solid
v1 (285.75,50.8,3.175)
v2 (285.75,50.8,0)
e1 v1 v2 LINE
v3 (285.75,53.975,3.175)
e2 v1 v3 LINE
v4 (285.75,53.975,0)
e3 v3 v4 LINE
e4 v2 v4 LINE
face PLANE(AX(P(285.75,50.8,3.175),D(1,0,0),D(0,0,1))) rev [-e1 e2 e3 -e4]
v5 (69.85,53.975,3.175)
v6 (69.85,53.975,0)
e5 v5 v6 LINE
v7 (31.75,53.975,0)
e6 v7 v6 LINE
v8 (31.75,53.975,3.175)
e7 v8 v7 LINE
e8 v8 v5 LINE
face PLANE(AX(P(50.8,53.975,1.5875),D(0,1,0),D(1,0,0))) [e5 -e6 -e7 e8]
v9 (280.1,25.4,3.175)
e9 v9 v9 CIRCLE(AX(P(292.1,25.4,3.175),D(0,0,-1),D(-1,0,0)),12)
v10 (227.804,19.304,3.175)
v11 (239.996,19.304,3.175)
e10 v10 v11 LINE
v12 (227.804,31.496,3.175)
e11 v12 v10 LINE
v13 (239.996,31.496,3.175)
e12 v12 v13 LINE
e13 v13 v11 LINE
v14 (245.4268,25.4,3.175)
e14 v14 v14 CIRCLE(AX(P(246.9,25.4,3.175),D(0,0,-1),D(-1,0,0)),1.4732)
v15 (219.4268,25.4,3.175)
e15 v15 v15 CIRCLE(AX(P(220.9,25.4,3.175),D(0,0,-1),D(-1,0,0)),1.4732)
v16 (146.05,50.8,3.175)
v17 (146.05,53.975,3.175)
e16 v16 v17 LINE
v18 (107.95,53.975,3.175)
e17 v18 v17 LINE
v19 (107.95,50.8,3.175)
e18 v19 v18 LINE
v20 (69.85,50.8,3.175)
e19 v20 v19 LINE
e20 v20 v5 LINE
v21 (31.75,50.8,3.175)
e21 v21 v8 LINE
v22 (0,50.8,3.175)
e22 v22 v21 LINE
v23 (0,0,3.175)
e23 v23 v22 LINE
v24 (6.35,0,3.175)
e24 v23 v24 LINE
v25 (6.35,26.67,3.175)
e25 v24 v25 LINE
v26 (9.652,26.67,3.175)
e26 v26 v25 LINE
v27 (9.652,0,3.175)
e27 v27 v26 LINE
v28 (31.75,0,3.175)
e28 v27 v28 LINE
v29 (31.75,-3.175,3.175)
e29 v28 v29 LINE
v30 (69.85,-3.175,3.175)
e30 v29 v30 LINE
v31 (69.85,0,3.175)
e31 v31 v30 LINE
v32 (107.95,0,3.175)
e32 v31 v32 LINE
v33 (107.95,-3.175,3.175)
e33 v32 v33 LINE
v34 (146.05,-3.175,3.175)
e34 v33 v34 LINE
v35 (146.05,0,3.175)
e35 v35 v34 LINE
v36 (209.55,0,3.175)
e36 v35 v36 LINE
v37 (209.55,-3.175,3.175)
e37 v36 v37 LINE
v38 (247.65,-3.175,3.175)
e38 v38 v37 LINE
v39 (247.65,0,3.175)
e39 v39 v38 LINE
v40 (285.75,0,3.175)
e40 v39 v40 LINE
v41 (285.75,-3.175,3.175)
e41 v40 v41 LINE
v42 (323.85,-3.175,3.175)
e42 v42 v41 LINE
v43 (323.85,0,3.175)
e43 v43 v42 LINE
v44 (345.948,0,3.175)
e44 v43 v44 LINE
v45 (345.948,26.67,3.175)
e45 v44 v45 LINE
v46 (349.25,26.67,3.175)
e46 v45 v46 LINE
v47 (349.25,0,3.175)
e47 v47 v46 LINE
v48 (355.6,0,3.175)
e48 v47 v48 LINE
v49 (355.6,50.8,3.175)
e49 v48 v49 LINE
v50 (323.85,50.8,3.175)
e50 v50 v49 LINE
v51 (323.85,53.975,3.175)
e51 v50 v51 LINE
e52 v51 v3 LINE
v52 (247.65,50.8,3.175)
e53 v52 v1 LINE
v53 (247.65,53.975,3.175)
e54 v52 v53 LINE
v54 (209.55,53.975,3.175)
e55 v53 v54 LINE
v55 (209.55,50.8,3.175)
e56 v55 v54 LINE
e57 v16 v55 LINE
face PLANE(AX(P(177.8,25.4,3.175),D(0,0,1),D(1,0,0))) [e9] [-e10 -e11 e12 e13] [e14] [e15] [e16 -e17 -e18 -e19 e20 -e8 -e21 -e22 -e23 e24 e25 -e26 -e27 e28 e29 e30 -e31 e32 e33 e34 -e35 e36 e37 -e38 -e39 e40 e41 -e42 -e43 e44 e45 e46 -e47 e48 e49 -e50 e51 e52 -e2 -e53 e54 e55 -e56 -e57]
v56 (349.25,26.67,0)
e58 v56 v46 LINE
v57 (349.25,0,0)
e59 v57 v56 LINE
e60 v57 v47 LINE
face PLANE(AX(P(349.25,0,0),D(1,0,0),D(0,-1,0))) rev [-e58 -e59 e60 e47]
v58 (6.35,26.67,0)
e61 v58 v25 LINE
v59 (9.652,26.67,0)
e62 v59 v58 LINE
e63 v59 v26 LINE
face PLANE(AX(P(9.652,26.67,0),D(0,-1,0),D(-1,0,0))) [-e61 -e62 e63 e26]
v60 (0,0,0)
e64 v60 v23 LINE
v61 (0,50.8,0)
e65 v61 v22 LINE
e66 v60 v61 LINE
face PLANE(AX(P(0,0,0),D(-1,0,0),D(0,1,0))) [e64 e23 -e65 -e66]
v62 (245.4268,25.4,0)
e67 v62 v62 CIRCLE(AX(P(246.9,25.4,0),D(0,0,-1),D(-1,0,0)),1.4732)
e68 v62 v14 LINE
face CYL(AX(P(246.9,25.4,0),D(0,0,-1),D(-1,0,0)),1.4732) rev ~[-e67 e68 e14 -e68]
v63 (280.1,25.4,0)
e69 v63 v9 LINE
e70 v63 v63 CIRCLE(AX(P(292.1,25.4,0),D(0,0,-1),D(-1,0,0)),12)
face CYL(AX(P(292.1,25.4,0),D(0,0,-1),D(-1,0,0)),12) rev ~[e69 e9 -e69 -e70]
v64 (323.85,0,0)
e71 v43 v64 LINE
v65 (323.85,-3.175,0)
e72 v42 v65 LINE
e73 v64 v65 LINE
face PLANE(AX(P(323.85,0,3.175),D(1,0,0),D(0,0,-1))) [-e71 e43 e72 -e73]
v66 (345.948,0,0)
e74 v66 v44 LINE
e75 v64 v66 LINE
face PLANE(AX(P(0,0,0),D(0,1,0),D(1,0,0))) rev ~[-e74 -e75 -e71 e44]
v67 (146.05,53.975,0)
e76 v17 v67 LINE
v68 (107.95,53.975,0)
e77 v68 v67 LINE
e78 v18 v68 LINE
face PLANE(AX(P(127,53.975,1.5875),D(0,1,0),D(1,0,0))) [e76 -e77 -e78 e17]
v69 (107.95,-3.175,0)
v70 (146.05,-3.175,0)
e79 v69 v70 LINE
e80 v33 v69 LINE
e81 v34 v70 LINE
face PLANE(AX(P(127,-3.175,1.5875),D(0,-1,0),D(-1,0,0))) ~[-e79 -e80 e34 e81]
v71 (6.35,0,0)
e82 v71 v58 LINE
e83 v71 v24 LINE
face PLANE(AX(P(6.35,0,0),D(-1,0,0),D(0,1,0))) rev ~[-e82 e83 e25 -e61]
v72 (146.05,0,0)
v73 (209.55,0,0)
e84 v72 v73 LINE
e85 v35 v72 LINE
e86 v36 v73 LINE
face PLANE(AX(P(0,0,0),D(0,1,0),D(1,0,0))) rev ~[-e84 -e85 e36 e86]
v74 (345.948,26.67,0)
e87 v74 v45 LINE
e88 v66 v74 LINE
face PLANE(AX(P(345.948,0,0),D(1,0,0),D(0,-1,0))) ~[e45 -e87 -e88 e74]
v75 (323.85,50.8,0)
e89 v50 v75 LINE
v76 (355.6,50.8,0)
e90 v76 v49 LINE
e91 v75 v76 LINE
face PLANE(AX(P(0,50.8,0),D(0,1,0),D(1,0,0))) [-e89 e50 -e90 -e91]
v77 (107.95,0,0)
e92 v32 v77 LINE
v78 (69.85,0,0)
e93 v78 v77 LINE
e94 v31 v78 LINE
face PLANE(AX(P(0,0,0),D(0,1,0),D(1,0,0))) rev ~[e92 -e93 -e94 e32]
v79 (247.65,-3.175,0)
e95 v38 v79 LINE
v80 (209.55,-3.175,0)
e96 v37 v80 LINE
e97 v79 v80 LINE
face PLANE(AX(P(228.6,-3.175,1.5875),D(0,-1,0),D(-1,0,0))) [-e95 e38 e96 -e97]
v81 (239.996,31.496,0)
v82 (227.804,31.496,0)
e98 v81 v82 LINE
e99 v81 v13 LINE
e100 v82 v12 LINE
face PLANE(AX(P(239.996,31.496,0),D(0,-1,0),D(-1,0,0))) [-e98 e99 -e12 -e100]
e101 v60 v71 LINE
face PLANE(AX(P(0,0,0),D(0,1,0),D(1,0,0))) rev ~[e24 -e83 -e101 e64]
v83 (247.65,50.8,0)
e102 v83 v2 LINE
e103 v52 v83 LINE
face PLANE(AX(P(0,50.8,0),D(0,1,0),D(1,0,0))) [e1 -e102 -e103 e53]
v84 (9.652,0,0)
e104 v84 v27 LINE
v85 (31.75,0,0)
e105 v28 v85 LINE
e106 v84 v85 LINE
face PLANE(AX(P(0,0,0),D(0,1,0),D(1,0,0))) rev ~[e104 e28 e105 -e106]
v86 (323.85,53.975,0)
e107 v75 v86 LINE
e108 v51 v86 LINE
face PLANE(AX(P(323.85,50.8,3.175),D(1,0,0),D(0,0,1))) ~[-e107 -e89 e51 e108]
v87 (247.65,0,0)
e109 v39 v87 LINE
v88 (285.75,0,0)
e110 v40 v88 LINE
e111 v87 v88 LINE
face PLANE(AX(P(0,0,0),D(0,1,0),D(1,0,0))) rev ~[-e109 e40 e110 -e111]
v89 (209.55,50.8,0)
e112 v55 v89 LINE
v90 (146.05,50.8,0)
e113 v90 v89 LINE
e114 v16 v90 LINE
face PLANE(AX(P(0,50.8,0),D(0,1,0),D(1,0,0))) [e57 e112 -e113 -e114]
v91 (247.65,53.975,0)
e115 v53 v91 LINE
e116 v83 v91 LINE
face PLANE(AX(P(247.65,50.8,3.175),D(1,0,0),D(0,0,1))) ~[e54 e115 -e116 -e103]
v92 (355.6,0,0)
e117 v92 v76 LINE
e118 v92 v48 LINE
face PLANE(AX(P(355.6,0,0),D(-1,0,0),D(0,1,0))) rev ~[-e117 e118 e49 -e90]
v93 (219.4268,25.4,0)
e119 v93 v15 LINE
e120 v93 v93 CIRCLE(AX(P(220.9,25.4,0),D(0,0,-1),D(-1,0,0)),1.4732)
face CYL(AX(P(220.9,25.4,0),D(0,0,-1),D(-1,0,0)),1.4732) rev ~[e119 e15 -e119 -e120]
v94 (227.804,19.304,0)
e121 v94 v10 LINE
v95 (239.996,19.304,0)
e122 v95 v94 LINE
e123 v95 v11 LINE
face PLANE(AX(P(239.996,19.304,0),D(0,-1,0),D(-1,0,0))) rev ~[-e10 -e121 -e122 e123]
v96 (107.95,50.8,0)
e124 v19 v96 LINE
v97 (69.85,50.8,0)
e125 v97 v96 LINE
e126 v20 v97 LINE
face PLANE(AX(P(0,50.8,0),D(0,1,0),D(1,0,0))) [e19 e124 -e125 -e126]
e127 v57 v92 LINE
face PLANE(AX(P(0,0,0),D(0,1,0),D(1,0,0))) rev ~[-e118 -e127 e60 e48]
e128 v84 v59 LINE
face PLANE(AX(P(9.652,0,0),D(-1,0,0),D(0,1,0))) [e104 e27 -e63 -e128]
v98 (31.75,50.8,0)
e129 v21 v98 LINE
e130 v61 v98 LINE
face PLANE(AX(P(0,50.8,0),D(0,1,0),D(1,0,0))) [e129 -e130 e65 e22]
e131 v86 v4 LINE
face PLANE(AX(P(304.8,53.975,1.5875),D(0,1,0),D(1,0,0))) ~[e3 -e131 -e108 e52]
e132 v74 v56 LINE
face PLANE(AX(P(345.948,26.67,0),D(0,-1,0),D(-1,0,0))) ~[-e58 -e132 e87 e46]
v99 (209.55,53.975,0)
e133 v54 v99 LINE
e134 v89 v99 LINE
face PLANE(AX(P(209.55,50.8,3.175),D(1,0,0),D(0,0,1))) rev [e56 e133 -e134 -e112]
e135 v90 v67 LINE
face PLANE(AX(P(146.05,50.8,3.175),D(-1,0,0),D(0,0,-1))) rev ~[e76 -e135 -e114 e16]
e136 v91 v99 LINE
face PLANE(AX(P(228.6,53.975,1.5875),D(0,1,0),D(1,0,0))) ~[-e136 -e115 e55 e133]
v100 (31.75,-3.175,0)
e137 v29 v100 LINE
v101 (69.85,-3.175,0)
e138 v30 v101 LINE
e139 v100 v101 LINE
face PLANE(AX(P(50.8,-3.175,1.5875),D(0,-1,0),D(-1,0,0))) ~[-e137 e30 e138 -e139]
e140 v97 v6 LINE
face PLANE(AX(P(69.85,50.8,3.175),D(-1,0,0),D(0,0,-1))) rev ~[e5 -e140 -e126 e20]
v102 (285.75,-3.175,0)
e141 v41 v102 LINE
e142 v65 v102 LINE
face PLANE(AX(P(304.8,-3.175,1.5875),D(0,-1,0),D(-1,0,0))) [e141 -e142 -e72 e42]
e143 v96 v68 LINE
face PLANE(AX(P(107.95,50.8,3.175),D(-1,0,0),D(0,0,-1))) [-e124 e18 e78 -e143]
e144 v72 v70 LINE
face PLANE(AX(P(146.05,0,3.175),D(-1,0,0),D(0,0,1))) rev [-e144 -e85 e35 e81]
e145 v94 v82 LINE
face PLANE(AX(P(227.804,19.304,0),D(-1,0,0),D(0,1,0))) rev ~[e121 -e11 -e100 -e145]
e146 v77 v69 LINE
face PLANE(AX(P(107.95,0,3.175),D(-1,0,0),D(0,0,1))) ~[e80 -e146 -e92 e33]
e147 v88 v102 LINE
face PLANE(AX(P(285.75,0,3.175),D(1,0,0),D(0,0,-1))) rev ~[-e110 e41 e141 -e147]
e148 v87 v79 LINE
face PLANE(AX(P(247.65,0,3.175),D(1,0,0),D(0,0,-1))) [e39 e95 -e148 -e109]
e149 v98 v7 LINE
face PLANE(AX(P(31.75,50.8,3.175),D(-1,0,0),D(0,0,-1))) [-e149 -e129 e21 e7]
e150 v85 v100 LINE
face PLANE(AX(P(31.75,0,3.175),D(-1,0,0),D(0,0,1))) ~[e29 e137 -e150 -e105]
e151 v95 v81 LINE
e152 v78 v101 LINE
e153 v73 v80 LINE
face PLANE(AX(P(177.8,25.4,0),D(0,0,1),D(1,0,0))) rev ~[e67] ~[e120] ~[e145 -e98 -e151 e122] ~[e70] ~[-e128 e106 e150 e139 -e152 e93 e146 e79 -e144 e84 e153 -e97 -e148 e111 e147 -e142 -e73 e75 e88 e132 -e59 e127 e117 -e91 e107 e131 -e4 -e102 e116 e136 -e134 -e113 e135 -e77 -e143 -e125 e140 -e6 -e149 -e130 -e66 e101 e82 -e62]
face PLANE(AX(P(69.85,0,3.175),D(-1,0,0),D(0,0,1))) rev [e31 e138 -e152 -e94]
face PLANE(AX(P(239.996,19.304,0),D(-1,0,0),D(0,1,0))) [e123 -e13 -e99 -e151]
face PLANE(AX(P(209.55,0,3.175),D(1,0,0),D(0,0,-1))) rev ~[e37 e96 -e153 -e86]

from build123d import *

# Parameters (mm, degrees)
SKETCH1_W               = 355.6
SKETCH1_H               = 50.8
BOSS_EXTRUDE1_DEPTH     = 3.175
SKETCH2_W               = 38.1
SKETCH2_H               = 3.175
BOSS_EXTRUDE2_DEPTH     = 3.175
MIRROR2_COPY_1_SKETCH_W = 38.1
MIRROR2_COPY_1_SKETCH_H = 3.175
MIRROR2_COPY_1_DEPTH    = 3.175
SKETCH3_W               = 3.302
SKETCH3_H               = 26.67
CUT_EXTRUDE1_DEPTH      = 3.175
SKETCH4_R               = 1.4732
SKETCH4_R_2             = 12
SKETCH4_W               = 12.192
SKETCH4_H               = 12.192
CUT_EXTRUDE2_DEPTH      = 1
CUT_EXTRUDE2_DEPTH_BACK = 4.175


with BuildPart() as part:
    # Sketch1 → Boss-Extrude1 (new body)
    with BuildSketch(Plane.XY):
        with Locations((177.8, 25.4)):
            Rectangle(SKETCH1_W, SKETCH1_H)
    extrude(amount=BOSS_EXTRUDE1_DEPTH)

    # Sketch2 → Boss-Extrude2 (add)
    with BuildSketch(Plane(origin=(0, 50.8, 0), x_dir=(1, 0, 0), z_dir=(0, 1, 0))):
        with Locations((50.8, -1.5875)):
            Rectangle(SKETCH2_W, SKETCH2_H)
        with Locations((127, -1.5875)):
            Rectangle(SKETCH2_W, SKETCH2_H)
    boss_extrude2 = extrude(amount=BOSS_EXTRUDE2_DEPTH)

    # Mirror1: Boss-Extrude2 across plane
    add(boss_extrude2.mirror(Plane.ZY.offset(-177.8)))

    # Mirror2: Boss-Extrude2 across plane
    add(boss_extrude2.mirror(Plane.ZX.offset(25.4)))

    # Mirror2 copy 1 sketch → Mirror2 copy 1 (add)
    with BuildSketch(Plane(origin=(355.6, 0, 0), x_dir=(-1, 0, 0), z_dir=(0, -1, 0))):
        with Locations((50.8, -1.5875)):
            Rectangle(MIRROR2_COPY_1_SKETCH_W, MIRROR2_COPY_1_SKETCH_H)
        with Locations((127, -1.5875)):
            Rectangle(MIRROR2_COPY_1_SKETCH_W, MIRROR2_COPY_1_SKETCH_H)
    extrude(amount=MIRROR2_COPY_1_DEPTH)

    # Sketch3 → Cut-Extrude1 (cut)
    with BuildSketch(Plane(origin=(0, 0, 0), x_dir=(-1, 0, 0), z_dir=(0, 0, -1))):
        with Locations((-8.001, 13.335)):
            Rectangle(SKETCH3_W, SKETCH3_H)
    cut_extrude1 = extrude(amount=-CUT_EXTRUDE1_DEPTH, mode=Mode.SUBTRACT)

    # Mirror3: Cut-Extrude1 across plane
    add(cut_extrude1.mirror(Plane.ZY.offset(-177.8)), mode=Mode.SUBTRACT)

    # Sketch4 → Cut-Extrude2 (cut, two sides)
    with BuildSketch(Plane(origin=(0, 0, 0), x_dir=(-1, 0, 0), z_dir=(0, 0, -1))) as cut_extrude2_sk:
        with Locations((-220.9, 25.4)):
            Circle(SKETCH4_R)
        with Locations((-246.9, 25.4)):
            Circle(SKETCH4_R)
        with Locations((-292.1, 25.4)):
            Circle(SKETCH4_R_2)
        with Locations((-233.9, 25.4)):
            Rectangle(SKETCH4_W, SKETCH4_H)
    extrude(amount=CUT_EXTRUDE2_DEPTH, mode=Mode.SUBTRACT)
    extrude(cut_extrude2_sk.sketch, amount=-CUT_EXTRUDE2_DEPTH_BACK, mode=Mode.SUBTRACT)


solid = part.part
